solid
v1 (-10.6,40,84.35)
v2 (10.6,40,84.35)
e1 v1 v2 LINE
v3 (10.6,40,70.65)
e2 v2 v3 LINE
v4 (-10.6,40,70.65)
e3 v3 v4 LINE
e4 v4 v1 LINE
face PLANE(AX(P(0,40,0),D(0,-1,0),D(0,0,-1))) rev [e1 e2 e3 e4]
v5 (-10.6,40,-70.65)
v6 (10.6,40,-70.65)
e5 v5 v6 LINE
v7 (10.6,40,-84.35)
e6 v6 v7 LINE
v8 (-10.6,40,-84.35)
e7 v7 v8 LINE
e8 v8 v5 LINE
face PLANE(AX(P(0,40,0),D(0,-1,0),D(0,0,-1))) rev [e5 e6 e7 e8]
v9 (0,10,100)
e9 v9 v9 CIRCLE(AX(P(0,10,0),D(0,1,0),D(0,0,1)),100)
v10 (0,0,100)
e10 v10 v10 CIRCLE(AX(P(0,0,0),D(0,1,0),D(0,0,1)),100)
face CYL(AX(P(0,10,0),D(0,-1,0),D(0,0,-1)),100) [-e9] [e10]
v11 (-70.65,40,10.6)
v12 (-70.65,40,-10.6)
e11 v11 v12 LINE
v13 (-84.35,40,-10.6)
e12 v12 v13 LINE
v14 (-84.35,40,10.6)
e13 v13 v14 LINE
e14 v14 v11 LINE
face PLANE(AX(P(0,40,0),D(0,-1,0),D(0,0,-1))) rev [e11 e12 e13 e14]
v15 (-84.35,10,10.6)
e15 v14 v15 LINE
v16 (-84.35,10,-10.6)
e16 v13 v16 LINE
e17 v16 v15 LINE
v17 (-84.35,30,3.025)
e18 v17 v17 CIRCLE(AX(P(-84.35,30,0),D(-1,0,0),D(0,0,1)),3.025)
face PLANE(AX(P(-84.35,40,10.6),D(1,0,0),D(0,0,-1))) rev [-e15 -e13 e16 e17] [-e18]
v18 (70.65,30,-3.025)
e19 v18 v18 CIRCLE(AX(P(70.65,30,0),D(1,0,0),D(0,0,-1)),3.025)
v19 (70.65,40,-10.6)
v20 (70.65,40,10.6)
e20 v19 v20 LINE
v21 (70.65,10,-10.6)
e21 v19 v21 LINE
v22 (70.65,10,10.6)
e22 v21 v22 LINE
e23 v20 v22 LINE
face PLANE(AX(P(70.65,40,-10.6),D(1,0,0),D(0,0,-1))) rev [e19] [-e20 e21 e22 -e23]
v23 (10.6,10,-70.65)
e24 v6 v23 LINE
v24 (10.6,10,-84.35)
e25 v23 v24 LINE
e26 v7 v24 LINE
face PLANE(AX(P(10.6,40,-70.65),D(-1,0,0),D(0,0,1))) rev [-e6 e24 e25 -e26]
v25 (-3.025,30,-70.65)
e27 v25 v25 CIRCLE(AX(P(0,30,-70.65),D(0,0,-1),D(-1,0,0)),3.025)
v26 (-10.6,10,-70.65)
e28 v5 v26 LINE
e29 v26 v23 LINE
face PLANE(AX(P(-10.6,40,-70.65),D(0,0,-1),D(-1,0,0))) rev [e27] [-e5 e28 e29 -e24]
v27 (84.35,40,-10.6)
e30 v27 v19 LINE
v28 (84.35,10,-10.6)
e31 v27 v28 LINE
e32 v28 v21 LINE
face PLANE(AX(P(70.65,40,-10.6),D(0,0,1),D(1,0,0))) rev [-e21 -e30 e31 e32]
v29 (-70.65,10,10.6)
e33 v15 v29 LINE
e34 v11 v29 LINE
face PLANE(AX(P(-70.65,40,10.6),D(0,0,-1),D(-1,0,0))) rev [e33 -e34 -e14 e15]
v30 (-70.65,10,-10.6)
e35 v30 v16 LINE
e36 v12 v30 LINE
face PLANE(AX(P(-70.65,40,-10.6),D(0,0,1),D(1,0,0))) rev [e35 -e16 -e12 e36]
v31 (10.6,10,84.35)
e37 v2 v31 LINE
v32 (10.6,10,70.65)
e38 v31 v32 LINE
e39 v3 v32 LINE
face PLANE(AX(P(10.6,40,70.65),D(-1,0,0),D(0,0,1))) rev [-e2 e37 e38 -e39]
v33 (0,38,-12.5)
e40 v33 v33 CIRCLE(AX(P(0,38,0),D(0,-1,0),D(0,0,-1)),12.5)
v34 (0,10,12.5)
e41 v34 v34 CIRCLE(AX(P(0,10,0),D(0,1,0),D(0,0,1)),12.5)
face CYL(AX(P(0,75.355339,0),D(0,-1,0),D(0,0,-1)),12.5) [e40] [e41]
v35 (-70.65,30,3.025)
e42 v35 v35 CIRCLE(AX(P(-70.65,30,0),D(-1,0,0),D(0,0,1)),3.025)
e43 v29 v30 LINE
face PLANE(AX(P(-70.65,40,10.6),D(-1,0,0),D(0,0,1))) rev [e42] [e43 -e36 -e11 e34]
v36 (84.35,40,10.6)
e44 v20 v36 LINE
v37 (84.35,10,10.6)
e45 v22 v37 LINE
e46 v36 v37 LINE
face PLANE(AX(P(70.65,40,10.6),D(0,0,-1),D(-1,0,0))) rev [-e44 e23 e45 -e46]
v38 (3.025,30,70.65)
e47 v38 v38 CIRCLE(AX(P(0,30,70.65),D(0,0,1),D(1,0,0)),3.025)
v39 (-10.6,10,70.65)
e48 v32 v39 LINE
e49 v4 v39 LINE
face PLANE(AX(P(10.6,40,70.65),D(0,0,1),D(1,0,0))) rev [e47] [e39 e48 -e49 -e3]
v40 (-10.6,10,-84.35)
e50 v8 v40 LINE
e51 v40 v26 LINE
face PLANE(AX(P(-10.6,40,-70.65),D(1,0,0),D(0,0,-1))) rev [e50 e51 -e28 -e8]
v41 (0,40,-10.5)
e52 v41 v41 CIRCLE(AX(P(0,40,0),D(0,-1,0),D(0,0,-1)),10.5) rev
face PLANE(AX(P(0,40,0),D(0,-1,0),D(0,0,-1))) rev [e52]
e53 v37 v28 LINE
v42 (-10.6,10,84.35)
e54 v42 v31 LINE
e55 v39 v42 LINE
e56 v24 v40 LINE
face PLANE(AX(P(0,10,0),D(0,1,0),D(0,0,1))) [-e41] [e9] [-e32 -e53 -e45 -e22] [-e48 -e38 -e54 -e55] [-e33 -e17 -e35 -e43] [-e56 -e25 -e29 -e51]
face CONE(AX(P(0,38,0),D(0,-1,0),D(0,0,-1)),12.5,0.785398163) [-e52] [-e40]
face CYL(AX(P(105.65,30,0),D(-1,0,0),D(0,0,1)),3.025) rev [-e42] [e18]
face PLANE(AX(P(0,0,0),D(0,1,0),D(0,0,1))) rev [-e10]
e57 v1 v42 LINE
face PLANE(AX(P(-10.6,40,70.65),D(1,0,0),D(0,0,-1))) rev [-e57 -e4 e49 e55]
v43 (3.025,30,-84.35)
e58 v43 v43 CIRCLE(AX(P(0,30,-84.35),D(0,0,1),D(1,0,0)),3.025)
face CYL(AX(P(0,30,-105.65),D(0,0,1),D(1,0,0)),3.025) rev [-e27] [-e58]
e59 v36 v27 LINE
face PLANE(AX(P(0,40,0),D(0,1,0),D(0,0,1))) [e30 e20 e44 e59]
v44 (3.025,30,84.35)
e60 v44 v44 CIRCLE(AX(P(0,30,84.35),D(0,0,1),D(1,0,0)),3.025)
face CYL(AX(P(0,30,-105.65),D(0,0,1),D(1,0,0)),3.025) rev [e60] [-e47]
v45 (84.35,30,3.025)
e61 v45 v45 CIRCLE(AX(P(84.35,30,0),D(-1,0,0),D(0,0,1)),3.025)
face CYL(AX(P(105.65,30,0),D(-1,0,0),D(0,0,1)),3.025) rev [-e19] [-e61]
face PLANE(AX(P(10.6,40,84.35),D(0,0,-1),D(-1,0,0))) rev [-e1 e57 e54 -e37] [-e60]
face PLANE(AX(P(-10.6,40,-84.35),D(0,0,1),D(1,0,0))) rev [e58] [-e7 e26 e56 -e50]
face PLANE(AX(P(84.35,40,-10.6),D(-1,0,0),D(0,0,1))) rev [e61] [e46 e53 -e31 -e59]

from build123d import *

# Parameters (mm, degrees)
SKETCH1_R           = 100
BOSS_EXTRUDE1_DEPTH = 10
SKETCH2_W           = 21.2
SKETCH2_H           = 13.7
SKETCH2_W_2         = 13.7
SKETCH2_H_2         = 21.2
BOSS_EXTRUDE2_DEPTH = 30
SKETCH3_R           = 3.025
CUT_EXTRUDE1_DEPTH  = 190
SKETCH4_R           = 3.025
CUT_EXTRUDE2_DEPTH  = 190
SKETCH5_R           = 12.5
BOSS_EXTRUDE3_DEPTH = 30
CHAMFER1_SIZE       = 2


with BuildPart() as part:
    # Sketch1 → Boss-Extrude1 (new body)
    with BuildSketch(Plane(origin=(0, 0, 0), x_dir=(1, 0, 0), z_dir=(0, 1, 0))):
        with Locations(Location((0, 0, 0), (0, 0, 270))):
            Circle(SKETCH1_R)
    extrude(amount=BOSS_EXTRUDE1_DEPTH)

    # Sketch2 → Boss-Extrude2 (add)
    with BuildSketch(Plane(origin=(0, 10, 0), x_dir=(1, 0, 0), z_dir=(0, 1, 0))):
        with Locations((0, -77.5)):
            Rectangle(SKETCH2_W, SKETCH2_H)
        with Locations((77.5, 0)):
            Rectangle(SKETCH2_W_2, SKETCH2_H_2)
        with Locations((-77.5, 0)):
            Rectangle(SKETCH2_W_2, SKETCH2_H_2)
        with Locations((0, 77.5)):
            Rectangle(SKETCH2_W, SKETCH2_H)
    extrude(amount=BOSS_EXTRUDE2_DEPTH)

    # Sketch3 → Cut-Extrude1 (cut)
    with BuildSketch(Plane.ZY.offset(84.35)):
        with Locations((0, 30)):
            Circle(SKETCH3_R)
    extrude(amount=-CUT_EXTRUDE1_DEPTH, mode=Mode.SUBTRACT)

    # Sketch4 → Cut-Extrude2 (cut)
    with BuildSketch(Plane.XY.offset(84.35)):
        with Locations((0, 30)):
            Circle(SKETCH4_R)
    extrude(amount=-CUT_EXTRUDE2_DEPTH, mode=Mode.SUBTRACT)

    # Sketch5 → Boss-Extrude3 (add)
    with BuildSketch(Plane(origin=(0, 10, 0), x_dir=(1, 0, 0), z_dir=(0, 1, 0))):
        with Locations(Location((0, 0, 0), (0, 0, 90))):
            Circle(SKETCH5_R)
    extrude(amount=BOSS_EXTRUDE3_DEPTH)

    # Chamfer1
    chamfer1_edges = [part.edges().sort_by_distance(p)[0] for p in [
        (0, 40, 12.5),
    ]]
    chamfer(chamfer1_edges, length=CHAMFER1_SIZE)


solid = part.part
